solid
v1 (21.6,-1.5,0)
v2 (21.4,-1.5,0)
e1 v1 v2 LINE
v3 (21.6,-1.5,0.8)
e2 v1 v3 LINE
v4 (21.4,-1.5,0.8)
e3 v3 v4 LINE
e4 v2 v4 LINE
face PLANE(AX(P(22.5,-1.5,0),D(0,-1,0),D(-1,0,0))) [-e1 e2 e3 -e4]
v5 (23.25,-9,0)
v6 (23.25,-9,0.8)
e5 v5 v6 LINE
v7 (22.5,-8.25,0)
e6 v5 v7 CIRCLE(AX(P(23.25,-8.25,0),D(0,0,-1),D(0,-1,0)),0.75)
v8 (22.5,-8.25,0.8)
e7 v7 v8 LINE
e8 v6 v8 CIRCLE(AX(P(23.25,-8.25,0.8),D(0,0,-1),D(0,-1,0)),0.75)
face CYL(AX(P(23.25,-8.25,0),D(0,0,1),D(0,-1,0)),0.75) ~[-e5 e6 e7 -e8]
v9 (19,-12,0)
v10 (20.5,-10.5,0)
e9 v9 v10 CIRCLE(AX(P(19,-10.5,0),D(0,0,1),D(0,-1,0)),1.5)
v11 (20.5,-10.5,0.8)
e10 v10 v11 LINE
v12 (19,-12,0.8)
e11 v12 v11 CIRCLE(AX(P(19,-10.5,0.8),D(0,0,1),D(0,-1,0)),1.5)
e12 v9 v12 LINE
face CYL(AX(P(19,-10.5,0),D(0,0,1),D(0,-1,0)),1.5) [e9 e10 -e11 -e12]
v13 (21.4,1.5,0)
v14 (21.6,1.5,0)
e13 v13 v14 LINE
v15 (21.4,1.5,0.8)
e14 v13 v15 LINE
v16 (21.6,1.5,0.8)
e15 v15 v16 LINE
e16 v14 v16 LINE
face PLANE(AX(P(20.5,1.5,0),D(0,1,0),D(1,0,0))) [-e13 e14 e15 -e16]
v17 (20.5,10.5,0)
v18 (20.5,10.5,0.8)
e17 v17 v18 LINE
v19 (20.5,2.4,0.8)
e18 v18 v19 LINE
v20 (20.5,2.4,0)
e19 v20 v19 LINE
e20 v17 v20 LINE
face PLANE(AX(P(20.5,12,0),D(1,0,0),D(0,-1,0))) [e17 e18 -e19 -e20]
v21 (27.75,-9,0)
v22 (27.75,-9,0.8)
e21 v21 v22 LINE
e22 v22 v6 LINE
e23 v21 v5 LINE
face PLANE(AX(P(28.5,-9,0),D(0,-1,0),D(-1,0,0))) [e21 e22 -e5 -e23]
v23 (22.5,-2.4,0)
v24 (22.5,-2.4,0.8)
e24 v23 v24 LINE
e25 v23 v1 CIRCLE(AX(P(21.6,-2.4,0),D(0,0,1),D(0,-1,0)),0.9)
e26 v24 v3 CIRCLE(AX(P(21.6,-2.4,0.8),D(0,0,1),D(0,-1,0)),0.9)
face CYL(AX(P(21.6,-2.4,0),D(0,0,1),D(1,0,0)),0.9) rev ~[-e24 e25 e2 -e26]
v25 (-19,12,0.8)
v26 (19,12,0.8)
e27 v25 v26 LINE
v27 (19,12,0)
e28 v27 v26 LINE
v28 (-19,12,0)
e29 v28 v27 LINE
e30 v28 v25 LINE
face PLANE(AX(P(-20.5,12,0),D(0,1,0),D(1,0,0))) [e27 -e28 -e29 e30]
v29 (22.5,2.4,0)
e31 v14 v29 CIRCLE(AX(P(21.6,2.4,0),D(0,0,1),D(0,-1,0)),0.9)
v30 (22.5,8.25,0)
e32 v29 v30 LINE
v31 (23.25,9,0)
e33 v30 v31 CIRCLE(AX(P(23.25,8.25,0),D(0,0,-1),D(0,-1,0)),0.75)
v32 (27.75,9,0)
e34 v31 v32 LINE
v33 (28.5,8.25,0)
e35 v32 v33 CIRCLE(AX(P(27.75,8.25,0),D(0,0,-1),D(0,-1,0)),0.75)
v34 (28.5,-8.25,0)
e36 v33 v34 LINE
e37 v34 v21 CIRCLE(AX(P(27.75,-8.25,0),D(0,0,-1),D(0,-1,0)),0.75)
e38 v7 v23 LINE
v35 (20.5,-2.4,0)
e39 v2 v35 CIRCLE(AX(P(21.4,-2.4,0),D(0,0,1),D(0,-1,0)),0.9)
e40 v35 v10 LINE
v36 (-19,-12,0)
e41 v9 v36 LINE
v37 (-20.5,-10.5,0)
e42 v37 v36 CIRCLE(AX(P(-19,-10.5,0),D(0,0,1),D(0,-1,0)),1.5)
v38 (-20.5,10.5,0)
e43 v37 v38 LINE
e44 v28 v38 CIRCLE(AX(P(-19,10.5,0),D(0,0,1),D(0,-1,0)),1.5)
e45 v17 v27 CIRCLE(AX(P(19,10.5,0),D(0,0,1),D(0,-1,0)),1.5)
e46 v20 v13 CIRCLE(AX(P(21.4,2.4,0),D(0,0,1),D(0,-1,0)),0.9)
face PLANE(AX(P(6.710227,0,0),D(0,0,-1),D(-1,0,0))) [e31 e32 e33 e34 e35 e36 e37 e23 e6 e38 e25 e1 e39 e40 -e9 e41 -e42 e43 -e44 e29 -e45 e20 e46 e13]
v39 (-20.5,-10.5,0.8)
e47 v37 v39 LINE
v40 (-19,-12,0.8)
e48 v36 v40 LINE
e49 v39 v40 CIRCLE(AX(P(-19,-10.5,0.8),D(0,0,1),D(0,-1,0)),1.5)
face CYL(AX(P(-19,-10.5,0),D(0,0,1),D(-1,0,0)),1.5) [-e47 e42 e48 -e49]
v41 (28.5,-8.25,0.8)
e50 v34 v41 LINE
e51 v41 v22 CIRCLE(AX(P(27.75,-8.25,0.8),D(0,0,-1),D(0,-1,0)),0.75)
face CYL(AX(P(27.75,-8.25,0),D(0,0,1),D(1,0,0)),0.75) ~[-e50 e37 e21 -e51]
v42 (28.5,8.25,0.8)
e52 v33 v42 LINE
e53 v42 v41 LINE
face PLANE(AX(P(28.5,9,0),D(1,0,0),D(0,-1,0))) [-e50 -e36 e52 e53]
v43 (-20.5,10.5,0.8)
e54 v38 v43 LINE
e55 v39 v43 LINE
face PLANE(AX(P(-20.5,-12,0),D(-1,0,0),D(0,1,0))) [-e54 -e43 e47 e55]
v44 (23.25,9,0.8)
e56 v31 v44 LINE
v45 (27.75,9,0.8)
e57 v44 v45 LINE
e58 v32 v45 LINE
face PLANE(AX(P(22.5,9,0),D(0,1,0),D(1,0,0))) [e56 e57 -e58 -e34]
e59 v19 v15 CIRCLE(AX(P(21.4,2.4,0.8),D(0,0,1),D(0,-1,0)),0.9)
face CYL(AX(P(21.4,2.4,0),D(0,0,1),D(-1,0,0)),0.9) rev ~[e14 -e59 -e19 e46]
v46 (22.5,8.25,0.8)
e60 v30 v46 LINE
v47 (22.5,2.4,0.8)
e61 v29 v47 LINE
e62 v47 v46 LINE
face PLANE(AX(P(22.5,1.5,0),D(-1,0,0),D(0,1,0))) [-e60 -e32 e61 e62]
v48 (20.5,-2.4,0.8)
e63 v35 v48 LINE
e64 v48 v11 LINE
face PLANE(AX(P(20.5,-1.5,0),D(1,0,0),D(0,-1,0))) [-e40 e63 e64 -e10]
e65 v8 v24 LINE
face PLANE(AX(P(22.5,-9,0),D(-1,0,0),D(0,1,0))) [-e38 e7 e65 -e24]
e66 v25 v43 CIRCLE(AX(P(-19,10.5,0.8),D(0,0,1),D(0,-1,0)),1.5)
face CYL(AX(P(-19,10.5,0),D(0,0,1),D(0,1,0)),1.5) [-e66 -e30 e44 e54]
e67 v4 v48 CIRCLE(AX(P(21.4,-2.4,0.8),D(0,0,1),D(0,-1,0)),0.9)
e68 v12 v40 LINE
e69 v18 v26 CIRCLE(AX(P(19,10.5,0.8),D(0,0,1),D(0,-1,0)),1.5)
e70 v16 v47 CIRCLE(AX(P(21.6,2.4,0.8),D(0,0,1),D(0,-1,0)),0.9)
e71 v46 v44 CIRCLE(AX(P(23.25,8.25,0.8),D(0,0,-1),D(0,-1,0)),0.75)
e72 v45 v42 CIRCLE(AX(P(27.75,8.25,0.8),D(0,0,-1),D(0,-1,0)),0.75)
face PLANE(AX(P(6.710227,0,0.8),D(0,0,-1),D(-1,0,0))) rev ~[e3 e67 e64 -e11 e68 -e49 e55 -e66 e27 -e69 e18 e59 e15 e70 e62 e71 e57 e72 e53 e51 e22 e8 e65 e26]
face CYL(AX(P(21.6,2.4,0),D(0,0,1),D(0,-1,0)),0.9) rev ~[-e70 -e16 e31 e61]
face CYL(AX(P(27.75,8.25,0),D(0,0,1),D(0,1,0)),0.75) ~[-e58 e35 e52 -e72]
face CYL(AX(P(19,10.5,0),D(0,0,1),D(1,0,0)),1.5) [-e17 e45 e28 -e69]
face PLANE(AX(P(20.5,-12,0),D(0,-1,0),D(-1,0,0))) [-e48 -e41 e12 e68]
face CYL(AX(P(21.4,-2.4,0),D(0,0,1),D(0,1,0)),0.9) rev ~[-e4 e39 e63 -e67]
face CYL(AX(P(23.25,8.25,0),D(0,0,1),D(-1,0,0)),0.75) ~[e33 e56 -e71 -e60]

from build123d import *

# Parameters (mm, degrees)
PAD_DEPTH   = 0.8
FILLET_R    = 0.9
FILLET001_R = 0.75
FILLET002_R = 1.5


with BuildPart() as part:
    # Sketch → Pad (new body)
    with BuildSketch(Plane.XY):
        Polygon((-20.5, 12), (20.5, 12), (20.5, 1.5), (22.5, 1.5), (22.5, 9), (28.5, 9), (28.5, -9), (22.5, -9), (22.5, -1.5), (20.5, -1.5), (20.5, -12), (-20.5, -12), align=None)
    extrude(amount=PAD_DEPTH)

    # Fillet
    fillet_edges = [part.edges().sort_by_distance(p)[0] for p in [
        (22.5, -1.5, 0.4),
        (22.5, 1.5, 0.4),
        (20.5, 1.5, 0.4),
        (20.5, -1.5, 0.4),
    ]]
    fillet(fillet_edges, radius=FILLET_R)

    # Fillet001
    fillet001_edges = [part.edges().sort_by_distance(p)[0] for p in [
        (22.5, -9, 0.4),
        (28.5, -9, 0.4),
        (28.5, 9, 0.4),
        (22.5, 9, 0.4),
    ]]
    fillet(fillet001_edges, radius=FILLET001_R)

    # Fillet002
    fillet002_edges = [part.edges().sort_by_distance(p)[0] for p in [
        (20.5, -12, 0.4),
        (-20.5, -12, 0.4),
        (-20.5, 12, 0.4),
        (20.5, 12, 0.4),
    ]]
    fillet(fillet002_edges, radius=FILLET002_R)


solid = part.part
